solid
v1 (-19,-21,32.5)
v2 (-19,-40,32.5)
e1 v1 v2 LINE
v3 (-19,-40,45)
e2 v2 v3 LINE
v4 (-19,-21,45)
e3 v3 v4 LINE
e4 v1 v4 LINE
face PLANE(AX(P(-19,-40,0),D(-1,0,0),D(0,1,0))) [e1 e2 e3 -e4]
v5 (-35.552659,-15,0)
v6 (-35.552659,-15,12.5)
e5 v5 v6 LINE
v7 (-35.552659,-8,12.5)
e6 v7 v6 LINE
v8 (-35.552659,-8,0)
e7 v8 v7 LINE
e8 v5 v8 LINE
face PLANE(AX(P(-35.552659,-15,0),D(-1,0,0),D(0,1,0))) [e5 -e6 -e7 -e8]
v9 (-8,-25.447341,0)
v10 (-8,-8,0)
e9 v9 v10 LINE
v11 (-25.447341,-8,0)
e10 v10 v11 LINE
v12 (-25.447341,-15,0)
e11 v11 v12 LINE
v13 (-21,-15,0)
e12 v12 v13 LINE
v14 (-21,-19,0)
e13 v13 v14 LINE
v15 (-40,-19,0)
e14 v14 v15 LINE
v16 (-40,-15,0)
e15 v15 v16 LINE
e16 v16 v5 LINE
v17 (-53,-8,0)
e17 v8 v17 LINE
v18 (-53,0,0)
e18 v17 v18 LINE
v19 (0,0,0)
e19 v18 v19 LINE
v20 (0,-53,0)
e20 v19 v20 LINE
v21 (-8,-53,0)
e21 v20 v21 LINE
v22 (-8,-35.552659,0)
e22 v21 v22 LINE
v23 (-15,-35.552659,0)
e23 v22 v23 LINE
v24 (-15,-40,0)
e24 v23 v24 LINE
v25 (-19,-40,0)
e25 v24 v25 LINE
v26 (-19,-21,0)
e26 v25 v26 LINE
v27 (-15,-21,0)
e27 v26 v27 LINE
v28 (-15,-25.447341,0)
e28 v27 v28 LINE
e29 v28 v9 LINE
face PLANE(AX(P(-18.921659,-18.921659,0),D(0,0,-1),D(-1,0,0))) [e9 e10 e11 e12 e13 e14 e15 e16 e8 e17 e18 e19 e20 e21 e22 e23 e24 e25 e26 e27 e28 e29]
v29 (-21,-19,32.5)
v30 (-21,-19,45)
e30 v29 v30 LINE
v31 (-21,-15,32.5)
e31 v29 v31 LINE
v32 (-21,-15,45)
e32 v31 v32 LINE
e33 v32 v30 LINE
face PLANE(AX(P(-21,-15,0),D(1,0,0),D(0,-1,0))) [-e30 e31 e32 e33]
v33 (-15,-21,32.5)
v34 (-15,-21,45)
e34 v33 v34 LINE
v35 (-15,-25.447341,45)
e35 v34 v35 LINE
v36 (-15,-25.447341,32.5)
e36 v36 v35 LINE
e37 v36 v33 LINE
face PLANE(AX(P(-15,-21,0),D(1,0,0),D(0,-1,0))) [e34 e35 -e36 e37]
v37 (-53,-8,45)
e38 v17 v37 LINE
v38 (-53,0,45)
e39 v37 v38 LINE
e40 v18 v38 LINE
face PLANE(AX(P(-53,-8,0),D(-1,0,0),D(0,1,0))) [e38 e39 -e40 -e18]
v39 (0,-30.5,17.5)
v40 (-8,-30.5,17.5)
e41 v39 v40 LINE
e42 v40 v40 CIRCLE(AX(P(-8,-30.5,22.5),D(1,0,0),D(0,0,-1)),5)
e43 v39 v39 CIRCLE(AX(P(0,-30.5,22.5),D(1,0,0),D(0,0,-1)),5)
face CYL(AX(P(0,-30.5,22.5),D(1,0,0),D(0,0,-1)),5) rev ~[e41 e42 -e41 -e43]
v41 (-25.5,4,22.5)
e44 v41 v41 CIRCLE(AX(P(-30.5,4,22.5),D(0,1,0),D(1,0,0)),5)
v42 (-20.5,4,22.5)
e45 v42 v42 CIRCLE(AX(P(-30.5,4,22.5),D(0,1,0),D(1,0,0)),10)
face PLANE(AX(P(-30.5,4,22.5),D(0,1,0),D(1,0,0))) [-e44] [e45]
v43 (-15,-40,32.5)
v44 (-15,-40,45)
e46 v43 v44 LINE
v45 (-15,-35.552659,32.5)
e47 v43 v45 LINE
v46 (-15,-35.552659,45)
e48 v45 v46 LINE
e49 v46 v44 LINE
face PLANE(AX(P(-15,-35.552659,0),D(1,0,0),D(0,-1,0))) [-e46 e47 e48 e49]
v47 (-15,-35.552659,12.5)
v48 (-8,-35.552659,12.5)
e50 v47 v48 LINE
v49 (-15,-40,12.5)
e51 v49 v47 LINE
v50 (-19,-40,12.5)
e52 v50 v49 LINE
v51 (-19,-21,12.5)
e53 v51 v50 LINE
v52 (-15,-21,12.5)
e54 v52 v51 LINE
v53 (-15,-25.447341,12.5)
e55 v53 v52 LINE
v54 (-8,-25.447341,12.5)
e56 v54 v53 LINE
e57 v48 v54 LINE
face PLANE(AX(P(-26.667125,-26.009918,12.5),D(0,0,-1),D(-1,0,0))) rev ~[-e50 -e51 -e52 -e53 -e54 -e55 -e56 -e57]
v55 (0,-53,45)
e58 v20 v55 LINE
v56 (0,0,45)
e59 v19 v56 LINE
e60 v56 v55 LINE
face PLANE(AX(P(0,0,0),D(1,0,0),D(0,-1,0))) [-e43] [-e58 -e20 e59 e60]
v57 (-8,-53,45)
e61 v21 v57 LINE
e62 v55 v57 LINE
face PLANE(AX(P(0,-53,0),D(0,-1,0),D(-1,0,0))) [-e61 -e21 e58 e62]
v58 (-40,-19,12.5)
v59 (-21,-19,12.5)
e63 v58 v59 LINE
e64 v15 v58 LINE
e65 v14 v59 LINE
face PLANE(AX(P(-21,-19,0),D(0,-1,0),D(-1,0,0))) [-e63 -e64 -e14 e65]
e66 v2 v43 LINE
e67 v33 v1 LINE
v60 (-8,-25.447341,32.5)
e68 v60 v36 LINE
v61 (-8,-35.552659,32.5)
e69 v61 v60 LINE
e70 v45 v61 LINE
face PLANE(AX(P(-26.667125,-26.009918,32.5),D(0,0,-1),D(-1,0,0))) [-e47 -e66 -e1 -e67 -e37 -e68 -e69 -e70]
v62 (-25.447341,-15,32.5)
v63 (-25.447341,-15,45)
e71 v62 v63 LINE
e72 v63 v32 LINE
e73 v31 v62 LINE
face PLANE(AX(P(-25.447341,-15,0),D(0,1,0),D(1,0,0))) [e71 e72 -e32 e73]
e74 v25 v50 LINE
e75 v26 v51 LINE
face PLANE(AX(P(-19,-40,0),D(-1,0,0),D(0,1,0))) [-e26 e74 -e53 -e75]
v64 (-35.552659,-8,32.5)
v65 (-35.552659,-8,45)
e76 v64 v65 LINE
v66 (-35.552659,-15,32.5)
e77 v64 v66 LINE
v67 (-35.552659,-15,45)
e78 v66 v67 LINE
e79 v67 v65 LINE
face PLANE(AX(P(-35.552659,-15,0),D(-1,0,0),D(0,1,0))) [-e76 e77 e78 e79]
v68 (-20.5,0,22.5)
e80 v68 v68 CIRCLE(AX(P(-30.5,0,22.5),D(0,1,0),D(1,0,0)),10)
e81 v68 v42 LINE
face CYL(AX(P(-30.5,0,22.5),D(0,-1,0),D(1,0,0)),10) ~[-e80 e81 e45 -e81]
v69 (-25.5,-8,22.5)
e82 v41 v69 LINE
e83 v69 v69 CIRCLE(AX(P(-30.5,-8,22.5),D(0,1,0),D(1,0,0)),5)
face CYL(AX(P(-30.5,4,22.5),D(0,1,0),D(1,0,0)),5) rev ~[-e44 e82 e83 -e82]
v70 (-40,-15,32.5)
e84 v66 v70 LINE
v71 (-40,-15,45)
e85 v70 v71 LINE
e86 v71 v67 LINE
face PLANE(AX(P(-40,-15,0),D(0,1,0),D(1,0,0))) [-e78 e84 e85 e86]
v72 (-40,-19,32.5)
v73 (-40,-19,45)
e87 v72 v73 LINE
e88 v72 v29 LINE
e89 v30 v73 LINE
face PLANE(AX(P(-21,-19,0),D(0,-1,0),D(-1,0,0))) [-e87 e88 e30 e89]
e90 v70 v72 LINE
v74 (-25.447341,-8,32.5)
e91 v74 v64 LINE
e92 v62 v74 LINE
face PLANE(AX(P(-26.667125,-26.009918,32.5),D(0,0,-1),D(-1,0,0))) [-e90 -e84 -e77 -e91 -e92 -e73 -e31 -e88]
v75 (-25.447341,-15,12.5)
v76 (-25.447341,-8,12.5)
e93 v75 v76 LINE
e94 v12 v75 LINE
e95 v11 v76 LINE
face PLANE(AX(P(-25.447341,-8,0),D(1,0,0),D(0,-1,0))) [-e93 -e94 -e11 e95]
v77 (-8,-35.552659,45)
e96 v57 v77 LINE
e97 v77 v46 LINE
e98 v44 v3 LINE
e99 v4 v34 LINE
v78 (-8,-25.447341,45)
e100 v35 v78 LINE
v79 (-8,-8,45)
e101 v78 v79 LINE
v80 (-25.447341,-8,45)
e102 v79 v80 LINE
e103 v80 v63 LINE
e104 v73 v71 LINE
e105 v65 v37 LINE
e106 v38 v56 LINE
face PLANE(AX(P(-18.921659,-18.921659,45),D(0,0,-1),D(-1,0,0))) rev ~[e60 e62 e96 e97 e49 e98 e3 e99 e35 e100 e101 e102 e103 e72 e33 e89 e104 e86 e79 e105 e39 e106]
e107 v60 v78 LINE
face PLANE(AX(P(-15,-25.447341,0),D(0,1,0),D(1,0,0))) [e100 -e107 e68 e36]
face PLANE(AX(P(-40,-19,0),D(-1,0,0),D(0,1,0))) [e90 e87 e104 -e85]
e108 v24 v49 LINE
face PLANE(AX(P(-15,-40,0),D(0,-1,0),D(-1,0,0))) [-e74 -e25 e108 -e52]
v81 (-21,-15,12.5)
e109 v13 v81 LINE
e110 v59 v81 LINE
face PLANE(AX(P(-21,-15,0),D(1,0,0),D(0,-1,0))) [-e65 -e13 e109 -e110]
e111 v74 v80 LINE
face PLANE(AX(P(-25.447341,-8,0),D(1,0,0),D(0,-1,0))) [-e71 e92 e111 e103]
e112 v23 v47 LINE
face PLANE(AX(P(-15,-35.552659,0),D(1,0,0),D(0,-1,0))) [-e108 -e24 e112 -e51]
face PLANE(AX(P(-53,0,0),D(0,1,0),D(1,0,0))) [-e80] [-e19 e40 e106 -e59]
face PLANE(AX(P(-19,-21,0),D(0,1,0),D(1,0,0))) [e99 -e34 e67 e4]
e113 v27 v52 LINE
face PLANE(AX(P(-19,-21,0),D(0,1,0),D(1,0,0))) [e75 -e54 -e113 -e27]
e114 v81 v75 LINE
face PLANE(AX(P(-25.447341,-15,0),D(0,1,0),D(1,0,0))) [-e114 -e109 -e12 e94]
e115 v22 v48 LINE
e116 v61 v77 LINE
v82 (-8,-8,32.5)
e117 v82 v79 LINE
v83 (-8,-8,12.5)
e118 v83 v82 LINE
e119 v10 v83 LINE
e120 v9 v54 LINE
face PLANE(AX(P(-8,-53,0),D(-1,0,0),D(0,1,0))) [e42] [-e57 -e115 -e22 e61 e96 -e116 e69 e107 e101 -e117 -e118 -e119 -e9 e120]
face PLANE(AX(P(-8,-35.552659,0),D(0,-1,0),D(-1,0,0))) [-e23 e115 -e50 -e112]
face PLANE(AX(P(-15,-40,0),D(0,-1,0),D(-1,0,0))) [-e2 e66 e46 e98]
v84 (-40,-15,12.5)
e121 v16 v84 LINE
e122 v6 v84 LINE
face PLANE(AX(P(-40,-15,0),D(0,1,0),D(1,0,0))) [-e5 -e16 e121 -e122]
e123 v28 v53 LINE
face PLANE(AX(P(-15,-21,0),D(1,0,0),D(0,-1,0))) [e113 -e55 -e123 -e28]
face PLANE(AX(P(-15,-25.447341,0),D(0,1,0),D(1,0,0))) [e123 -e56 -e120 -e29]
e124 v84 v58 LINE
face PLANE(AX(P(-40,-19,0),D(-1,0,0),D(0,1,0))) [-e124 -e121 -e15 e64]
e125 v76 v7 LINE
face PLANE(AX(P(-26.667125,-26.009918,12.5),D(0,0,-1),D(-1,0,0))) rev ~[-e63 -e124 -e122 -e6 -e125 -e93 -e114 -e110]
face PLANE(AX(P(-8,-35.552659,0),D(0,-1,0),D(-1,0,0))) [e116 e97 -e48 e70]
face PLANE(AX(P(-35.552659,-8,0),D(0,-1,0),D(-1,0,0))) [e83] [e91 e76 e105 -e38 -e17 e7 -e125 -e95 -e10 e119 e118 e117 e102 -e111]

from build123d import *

# Parameters (mm, degrees)
BOSS_EXTRU_1_DEPTH      = 45
ENL_V_MAT_EXTRU_1_REACH = 55
ESQUISSE2_R             = 5
ENL_V_START             = -12.5
ESQUISSE3_W             = 37.334250657
ESQUISSE3_H             = 36.0198364
ENL_V_MAT_EXTRU_2_DEPTH = 20
ESQUISSE4_R             = 10
BOSS_EXTRU_2_DEPTH      = 4
ENL_V_MAT_EXTRU_3_REACH = 59
ESQUISSE5_R             = 5


with BuildPart() as part:
    # Esquisse1 → Boss.-Extru.1 (new body)
    with BuildSketch(Plane.XY):
        Polygon((-53, 0), (0, 0), (0, -53), (-8, -53), (-8, -35.552659183), (-15, -35.552659183), (-15, -40), (-19, -40), (-19, -21), (-15, -21), (-15, -25.447340817), (-8, -25.447340817), (-8, -8), (-25.447340817, -8), (-25.447340817, -15), (-21, -15), (-21, -19), (-40, -19), (-40, -15), (-35.552659183, -15), (-35.552659183, -8), (-53, -8), align=None)
    extrude(amount=BOSS_EXTRU_1_DEPTH)

    # Esquisse2 → Enlèv. mat.-Extru.1 (cut, up to next)
    with BuildSketch(Plane(origin=(0, 0, 0), x_dir=(0, 0, -1), z_dir=(1, 0, 0)), mode=Mode.PRIVATE) as enl_v_mat_extru_1_sk1:
        with Locations((-22.5, -30.5)):
            Circle(ESQUISSE2_R)
    enl_v_mat_extru_1_tool1 = extrude(enl_v_mat_extru_1_sk1.sketch, amount=-ENL_V_MAT_EXTRU_1_REACH, mode=Mode.PRIVATE) & part.part
    add(enl_v_mat_extru_1_tool1.solids().sort_by_distance((0, -30.5, 22.5))[0], mode=Mode.SUBTRACT)

    # Esquisse3 → Enlèv. mat.-Extru.2 (cut)
    with BuildSketch(Plane(origin=(0, 0, 0), x_dir=(-1, 0, 0), z_dir=(0, 0, -1)).offset(ENL_V_START)):
        with Locations((26.667125329, -26.0099182)):
            Rectangle(ESQUISSE3_W, ESQUISSE3_H)
    extrude(amount=-ENL_V_MAT_EXTRU_2_DEPTH, mode=Mode.SUBTRACT)

    # Esquisse4 → Boss.-Extru.2 (add)
    with BuildSketch(Plane(origin=(0, 0, 0), x_dir=(1, 0, 0), z_dir=(0, 1, 0))):
        with Locations((-30.5, -22.5)):
            Circle(ESQUISSE4_R)
    extrude(amount=BOSS_EXTRU_2_DEPTH)

    # Esquisse5 → Enlèv. mat.-Extru.3 (cut, up to next)
    with BuildSketch(Plane(origin=(0, 4, 0), x_dir=(1, 0, 0), z_dir=(0, 1, 0)), mode=Mode.PRIVATE) as enl_v_mat_extru_3_sk1:
        with Locations((-30.5, -22.5)):
            Circle(ESQUISSE5_R)
    enl_v_mat_extru_3_tool1 = extrude(enl_v_mat_extru_3_sk1.sketch, amount=-ENL_V_MAT_EXTRU_3_REACH, mode=Mode.PRIVATE) & part.part
    add(enl_v_mat_extru_3_tool1.solids().sort_by_distance((-30.5, 4, 22.5))[0], mode=Mode.SUBTRACT)


solid = part.part
